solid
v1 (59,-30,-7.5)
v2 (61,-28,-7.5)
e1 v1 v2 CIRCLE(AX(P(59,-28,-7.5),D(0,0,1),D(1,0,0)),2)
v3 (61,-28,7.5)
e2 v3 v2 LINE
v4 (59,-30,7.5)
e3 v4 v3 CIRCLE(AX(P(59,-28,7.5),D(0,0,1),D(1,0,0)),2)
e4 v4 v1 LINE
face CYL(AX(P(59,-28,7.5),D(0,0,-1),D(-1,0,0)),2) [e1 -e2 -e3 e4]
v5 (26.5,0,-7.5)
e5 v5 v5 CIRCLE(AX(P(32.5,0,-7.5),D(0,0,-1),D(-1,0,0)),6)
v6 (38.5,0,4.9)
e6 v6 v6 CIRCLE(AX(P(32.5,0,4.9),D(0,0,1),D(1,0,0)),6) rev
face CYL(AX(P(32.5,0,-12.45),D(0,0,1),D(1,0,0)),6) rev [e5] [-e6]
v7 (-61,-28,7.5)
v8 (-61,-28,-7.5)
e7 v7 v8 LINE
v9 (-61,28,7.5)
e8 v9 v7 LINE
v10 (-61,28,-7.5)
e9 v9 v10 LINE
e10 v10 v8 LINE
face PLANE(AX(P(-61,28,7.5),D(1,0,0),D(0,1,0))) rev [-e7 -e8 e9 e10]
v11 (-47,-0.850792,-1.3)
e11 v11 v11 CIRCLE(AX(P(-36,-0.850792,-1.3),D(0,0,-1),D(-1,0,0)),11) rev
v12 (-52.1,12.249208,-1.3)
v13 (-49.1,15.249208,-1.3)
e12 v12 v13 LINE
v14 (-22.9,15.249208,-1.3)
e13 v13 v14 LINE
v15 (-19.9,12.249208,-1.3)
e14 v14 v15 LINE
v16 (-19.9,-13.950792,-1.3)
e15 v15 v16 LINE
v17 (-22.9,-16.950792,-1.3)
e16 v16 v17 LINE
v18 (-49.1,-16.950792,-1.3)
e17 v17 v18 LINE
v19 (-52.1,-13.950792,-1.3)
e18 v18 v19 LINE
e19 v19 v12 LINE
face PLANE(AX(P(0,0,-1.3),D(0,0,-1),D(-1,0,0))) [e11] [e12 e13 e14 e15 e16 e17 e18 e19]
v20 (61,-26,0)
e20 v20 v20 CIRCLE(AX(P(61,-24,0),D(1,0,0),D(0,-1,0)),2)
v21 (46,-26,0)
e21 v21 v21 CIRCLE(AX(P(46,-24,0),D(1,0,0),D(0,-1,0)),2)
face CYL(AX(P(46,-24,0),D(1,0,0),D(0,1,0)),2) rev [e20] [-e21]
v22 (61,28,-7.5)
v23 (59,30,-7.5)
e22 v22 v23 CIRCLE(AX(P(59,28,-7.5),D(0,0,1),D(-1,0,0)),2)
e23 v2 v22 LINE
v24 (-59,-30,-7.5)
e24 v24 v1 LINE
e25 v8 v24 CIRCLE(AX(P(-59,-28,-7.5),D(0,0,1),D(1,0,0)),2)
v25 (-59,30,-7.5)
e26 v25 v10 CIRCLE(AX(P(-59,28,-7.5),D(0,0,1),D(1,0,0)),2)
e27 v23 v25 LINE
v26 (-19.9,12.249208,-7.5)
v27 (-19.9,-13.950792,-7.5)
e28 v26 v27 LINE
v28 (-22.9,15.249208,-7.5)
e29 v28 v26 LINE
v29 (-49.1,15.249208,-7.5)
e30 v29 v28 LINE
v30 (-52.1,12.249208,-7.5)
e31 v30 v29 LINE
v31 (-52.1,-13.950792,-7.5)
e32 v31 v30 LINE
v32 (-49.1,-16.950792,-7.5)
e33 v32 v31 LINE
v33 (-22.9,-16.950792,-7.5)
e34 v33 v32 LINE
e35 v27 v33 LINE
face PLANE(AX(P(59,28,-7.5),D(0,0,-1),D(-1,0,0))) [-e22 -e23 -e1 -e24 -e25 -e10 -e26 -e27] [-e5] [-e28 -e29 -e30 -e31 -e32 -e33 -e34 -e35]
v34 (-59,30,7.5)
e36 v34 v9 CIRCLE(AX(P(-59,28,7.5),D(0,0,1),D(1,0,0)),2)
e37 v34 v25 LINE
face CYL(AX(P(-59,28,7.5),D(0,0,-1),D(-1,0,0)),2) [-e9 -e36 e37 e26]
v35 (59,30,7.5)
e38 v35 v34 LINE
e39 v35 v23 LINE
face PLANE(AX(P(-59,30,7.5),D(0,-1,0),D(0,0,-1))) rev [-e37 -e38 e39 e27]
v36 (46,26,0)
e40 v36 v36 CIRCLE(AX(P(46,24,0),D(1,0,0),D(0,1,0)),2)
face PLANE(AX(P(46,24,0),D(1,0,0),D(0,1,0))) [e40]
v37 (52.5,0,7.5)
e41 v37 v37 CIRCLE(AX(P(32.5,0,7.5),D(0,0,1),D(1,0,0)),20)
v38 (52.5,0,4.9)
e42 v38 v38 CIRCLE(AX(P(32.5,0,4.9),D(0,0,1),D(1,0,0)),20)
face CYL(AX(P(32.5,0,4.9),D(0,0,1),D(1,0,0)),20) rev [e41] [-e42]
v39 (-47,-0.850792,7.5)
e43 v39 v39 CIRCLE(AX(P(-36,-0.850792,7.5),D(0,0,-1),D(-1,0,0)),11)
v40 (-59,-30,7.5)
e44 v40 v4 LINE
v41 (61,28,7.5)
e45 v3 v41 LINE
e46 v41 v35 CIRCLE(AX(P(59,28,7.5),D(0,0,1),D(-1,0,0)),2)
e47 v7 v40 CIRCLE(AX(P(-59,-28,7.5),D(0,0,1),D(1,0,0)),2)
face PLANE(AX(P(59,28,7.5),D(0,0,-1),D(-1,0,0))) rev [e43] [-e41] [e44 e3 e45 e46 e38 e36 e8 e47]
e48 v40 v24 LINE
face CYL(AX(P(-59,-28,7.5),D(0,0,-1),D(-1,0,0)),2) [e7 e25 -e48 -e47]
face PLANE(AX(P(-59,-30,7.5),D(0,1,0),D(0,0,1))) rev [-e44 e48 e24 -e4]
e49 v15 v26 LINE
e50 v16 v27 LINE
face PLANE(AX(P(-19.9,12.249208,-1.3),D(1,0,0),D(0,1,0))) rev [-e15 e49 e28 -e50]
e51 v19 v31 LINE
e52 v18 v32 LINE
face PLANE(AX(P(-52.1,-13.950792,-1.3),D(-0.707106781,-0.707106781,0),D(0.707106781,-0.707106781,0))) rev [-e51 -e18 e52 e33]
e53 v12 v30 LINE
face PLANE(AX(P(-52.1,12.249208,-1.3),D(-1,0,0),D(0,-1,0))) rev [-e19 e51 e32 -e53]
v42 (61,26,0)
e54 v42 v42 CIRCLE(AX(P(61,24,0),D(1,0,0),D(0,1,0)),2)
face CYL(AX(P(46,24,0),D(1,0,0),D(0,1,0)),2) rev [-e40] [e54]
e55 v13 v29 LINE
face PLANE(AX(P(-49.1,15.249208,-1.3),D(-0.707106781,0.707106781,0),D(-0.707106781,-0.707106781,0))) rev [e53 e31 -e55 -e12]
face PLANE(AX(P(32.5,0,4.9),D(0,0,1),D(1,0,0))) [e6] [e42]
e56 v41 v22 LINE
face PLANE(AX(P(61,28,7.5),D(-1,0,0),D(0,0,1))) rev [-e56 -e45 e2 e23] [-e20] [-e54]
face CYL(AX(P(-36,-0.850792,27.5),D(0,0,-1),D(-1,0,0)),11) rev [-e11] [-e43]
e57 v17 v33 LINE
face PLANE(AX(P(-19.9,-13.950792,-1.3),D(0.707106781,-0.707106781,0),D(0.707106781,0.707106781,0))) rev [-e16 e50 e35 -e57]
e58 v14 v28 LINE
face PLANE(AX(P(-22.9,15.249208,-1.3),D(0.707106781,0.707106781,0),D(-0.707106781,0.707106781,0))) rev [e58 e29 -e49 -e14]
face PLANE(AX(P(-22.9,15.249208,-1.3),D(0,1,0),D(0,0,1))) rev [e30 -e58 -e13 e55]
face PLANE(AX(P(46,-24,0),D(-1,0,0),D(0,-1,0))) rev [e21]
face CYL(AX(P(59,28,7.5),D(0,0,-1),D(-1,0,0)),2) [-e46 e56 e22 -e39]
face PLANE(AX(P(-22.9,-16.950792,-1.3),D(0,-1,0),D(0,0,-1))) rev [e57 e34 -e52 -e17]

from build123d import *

# Parameters (mm, degrees)
BOSS_EXTRUDE1_DEPTH = 7.5
SKETCH2_R           = 2
CUT_EXTRUDE1_DEPTH  = 15
SKETCH3_R           = 11
CUT_EXTRUDE3_DEPTH  = 35
SKETCH4_R           = 6
CUT_EXTRUDE4_DEPTH  = 19.95
CUT_EXTRUDE5_DEPTH  = 6.2
SKETCH7_R           = 20
CUT_EXTRUDE6_DEPTH  = 2.6


with BuildPart() as part:
    # Sketch1 → Boss-Extrude1 (new, symmetric)
    with BuildSketch(Plane.XY):
        with BuildLine():
            Line((-59, 30), (59, 30))
            ThreePointArc((59, 30), (60.414213562, 29.414213562), (61, 28))
            Line((61, 28), (61, -28))
            ThreePointArc((61, -28), (60.414213562, -29.414213562), (59, -30))
            Line((59, -30), (-59, -30))
            ThreePointArc((-59, -30), (-60.414213562, -29.414213562), (-61, -28))
            Line((-61, -28), (-61, 28))
            ThreePointArc((-61, 28), (-60.414213562, 29.414213562), (-59, 30))
        make_face()
    extrude(amount=BOSS_EXTRUDE1_DEPTH, both=True)

    # Sketch2 → Cut-Extrude1 (cut)
    with BuildSketch(Plane(origin=(61, 0, 0), x_dir=(0, 0, -1), z_dir=(1, 0, 0))):
        with Locations(Location((0, 24, 0), (0, 0, 90))):
            Circle(SKETCH2_R)
        with Locations(Location((0, -24, 0), (0, 0, 270))):
            Circle(SKETCH2_R)
    extrude(amount=-CUT_EXTRUDE1_DEPTH, mode=Mode.SUBTRACT)

    # Sketch3 → Cut-Extrude3 (cut)
    with BuildSketch(Plane(origin=(0, 0, -7.5), x_dir=(-1, 0, 0), z_dir=(0, 0, -1))):
        with Locations((36, -0.850791996)):
            Circle(SKETCH3_R)
    extrude(amount=-CUT_EXTRUDE3_DEPTH, mode=Mode.SUBTRACT)

    # Sketch4 → Cut-Extrude4 (cut)
    with BuildSketch(Plane.XY.offset(7.5)):
        with Locations((32.5, 0)):
            Circle(SKETCH4_R)
    extrude(amount=-CUT_EXTRUDE4_DEPTH, mode=Mode.SUBTRACT)

    # Sketch6 → Cut-Extrude5 (cut)
    with BuildSketch(Plane(origin=(0, 0, -7.5), x_dir=(-1, 0, 0), z_dir=(0, 0, -1))):
        Polygon((49.1, 15.249208004), (52.1, 12.249208004), (52.1, -13.950791996), (49.1, -16.950791996), (22.9, -16.950791996), (19.9, -13.950791996), (19.9, 12.249208004), (22.9, 15.249208004), align=None)
    extrude(amount=-CUT_EXTRUDE5_DEPTH, mode=Mode.SUBTRACT)

    # Sketch7 → Cut-Extrude6 (cut)
    with BuildSketch(Plane.XY.offset(7.5)):
        with Locations((32.5, 0)):
            Circle(SKETCH7_R)
    extrude(amount=-CUT_EXTRUDE6_DEPTH, mode=Mode.SUBTRACT)


solid = part.part
